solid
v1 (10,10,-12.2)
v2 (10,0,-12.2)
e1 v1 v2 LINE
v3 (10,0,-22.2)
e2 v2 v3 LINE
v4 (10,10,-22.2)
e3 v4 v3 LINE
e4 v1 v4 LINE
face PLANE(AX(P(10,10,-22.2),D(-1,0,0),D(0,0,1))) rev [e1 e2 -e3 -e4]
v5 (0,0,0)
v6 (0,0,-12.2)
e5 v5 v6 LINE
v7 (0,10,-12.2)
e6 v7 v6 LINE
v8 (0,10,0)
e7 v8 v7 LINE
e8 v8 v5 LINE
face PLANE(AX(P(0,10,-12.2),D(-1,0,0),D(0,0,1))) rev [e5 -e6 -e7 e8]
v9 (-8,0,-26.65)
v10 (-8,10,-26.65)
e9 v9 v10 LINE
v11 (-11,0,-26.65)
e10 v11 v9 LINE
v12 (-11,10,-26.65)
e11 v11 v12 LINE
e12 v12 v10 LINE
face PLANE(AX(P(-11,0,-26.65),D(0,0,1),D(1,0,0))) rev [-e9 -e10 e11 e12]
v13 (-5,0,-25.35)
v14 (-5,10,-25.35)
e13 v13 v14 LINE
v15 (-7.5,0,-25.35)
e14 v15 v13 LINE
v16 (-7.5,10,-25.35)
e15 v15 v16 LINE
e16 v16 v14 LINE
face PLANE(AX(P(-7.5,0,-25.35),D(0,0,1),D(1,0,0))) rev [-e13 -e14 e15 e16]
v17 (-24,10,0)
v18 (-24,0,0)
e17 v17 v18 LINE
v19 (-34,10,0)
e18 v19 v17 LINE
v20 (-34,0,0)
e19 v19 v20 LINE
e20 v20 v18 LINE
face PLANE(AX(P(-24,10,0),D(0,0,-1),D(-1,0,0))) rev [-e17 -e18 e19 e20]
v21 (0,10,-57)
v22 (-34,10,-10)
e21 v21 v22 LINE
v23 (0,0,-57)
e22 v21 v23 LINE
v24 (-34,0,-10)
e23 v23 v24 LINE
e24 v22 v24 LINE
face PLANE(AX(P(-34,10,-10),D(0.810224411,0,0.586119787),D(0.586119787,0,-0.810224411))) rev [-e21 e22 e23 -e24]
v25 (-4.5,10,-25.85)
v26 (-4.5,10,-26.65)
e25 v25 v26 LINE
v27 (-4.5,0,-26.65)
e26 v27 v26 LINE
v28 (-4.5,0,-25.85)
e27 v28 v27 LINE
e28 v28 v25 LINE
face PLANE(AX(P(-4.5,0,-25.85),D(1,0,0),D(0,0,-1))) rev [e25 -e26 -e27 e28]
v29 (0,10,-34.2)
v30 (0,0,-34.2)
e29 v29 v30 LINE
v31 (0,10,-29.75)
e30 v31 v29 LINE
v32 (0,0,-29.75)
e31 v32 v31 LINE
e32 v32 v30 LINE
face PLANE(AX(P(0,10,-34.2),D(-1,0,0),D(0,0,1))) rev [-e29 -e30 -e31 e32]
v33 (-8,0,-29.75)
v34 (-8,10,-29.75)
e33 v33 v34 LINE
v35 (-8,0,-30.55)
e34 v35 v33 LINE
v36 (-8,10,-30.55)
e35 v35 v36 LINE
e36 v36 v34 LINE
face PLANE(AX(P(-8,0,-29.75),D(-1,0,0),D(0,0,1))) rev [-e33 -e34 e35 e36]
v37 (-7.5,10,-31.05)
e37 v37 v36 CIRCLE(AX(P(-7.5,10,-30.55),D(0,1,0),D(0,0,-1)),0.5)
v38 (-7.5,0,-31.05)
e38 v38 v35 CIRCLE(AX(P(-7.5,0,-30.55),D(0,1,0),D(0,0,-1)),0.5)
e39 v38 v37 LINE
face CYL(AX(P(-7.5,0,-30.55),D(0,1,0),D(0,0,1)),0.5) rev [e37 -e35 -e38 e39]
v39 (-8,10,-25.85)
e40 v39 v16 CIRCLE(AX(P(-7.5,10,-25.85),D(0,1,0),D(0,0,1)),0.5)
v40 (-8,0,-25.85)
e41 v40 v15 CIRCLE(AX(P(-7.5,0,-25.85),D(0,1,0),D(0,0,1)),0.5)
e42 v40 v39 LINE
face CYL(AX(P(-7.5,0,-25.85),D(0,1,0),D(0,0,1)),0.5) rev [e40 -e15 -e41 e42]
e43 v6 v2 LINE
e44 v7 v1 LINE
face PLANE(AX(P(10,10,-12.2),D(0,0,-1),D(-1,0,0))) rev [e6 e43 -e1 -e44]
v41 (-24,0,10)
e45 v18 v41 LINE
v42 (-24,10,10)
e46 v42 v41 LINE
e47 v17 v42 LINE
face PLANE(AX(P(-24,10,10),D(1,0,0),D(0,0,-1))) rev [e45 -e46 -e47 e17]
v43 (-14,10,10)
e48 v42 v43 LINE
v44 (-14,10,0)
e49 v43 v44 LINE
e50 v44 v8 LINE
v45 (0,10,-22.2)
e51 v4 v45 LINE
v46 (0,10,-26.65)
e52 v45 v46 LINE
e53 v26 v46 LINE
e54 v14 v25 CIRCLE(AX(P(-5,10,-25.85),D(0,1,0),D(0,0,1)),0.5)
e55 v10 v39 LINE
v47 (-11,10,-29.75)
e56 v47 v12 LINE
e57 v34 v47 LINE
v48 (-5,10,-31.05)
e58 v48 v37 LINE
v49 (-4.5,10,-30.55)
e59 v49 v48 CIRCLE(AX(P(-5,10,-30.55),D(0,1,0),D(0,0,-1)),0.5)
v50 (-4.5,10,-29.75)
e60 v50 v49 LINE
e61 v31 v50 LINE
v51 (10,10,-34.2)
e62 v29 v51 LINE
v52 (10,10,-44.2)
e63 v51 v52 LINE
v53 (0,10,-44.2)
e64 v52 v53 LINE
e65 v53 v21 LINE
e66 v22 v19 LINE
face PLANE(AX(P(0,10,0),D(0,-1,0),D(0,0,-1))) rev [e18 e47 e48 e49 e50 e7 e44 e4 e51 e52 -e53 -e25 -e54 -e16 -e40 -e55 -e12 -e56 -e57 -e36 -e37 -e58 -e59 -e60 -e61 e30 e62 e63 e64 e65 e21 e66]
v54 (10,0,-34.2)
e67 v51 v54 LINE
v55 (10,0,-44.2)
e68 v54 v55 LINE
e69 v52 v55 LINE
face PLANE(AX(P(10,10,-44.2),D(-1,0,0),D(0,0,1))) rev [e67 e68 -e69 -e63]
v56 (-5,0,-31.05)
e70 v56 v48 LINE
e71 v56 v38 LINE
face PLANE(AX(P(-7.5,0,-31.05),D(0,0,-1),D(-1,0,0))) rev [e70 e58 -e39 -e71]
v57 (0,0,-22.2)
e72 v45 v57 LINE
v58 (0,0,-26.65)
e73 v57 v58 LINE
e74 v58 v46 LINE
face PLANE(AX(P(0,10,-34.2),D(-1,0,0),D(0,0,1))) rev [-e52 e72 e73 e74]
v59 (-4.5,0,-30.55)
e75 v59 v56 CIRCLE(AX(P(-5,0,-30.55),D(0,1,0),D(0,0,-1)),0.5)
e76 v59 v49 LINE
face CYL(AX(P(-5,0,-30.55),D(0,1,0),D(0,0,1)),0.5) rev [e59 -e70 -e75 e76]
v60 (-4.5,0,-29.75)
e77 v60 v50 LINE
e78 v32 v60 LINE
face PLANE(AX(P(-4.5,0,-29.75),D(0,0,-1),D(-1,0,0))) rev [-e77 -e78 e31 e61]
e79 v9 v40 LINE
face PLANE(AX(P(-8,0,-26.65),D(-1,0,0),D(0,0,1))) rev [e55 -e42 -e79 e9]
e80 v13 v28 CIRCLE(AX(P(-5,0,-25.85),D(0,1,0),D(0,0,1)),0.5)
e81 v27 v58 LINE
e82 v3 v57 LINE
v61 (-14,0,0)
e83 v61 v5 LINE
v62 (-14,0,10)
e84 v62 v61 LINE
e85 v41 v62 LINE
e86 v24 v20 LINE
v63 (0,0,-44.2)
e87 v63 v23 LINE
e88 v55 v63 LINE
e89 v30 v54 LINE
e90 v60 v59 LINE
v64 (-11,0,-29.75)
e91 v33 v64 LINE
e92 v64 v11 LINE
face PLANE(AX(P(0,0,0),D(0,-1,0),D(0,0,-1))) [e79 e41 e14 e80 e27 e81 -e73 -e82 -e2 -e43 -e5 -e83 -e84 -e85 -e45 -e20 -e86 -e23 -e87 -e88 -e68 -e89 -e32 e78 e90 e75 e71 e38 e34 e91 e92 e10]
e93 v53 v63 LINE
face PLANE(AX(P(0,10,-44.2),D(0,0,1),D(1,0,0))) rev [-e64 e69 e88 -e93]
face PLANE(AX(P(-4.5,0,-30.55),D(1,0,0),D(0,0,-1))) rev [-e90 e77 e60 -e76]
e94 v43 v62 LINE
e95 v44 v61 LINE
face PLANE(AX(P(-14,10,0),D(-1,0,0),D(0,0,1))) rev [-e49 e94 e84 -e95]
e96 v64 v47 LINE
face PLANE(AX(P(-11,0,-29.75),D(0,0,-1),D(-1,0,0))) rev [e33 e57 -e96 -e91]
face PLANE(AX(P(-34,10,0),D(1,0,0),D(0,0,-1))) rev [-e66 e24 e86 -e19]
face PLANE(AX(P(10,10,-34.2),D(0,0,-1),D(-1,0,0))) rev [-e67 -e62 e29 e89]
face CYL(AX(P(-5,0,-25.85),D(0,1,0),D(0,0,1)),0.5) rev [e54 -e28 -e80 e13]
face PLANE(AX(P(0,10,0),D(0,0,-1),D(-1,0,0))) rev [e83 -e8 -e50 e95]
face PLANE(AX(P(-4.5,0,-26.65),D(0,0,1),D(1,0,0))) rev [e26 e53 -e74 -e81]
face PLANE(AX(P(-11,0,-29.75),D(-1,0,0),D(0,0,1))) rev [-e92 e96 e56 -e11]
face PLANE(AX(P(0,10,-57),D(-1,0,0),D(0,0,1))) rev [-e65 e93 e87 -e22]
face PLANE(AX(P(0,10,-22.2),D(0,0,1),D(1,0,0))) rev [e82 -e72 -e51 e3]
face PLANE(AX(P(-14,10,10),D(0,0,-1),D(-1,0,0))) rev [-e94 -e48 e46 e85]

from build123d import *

# Parameters (mm, degrees)
BOSS_EXTRUDE1_DEPTH = 10
CUT_EXTRUDE1_DEPTH  = 68.119296778


with BuildPart() as part:
    # Sketch1 → Boss-Extrude1 (new body)
    with BuildSketch(Plane(origin=(0, 0, 0), x_dir=(1, 0, 0), z_dir=(0, 1, 0))):
        Polygon((0, 0), (-14, 0), (-14, -10), (-24, -10), (-24, 0), (-34, 0), (-34, 10), (0, 57), (0, 44.2), (10, 44.2), (10, 34.2), (0, 34.2), (0, 22.2), (10, 22.2), (10, 12.2), (0, 12.2), align=None)
    extrude(amount=BOSS_EXTRUDE1_DEPTH)

    # Sketch3 → Cut-Extrude1 (cut, through all)
    with BuildSketch(Plane(origin=(0, 10, 0), x_dir=(1, 0, 0), z_dir=(0, 1, 0))):
        with BuildLine():
            Line((-11, 29.75), (-8, 29.75))
            Line((-8, 29.75), (-8, 30.55))
            ThreePointArc((-8, 30.55), (-7.853553391, 30.903553391), (-7.5, 31.05))
            Line((-7.5, 31.05), (-5, 31.05))
            ThreePointArc((-5, 31.05), (-4.646446609, 30.903553391), (-4.5, 30.55))
            Line((-4.5, 30.55), (-4.5, 29.75))
            Line((-4.5, 29.75), (0, 29.75))
            Line((0, 29.75), (0, 26.65))
            Line((0, 26.65), (-4.5, 26.65))
            Line((-4.5, 26.65), (-4.5, 25.85))
            ThreePointArc((-4.5, 25.85), (-4.646446609, 25.496446609), (-5, 25.35))
            Line((-5, 25.35), (-7.5, 25.35))
            ThreePointArc((-7.5, 25.35), (-7.853553391, 25.496446609), (-8, 25.85))
            Line((-8, 25.85), (-8, 26.65))
            Line((-8, 26.65), (-11, 26.65))
            Line((-11, 26.65), (-11, 29.75))
        make_face()
    extrude(amount=-CUT_EXTRUDE1_DEPTH, mode=Mode.SUBTRACT)


solid = part.part
